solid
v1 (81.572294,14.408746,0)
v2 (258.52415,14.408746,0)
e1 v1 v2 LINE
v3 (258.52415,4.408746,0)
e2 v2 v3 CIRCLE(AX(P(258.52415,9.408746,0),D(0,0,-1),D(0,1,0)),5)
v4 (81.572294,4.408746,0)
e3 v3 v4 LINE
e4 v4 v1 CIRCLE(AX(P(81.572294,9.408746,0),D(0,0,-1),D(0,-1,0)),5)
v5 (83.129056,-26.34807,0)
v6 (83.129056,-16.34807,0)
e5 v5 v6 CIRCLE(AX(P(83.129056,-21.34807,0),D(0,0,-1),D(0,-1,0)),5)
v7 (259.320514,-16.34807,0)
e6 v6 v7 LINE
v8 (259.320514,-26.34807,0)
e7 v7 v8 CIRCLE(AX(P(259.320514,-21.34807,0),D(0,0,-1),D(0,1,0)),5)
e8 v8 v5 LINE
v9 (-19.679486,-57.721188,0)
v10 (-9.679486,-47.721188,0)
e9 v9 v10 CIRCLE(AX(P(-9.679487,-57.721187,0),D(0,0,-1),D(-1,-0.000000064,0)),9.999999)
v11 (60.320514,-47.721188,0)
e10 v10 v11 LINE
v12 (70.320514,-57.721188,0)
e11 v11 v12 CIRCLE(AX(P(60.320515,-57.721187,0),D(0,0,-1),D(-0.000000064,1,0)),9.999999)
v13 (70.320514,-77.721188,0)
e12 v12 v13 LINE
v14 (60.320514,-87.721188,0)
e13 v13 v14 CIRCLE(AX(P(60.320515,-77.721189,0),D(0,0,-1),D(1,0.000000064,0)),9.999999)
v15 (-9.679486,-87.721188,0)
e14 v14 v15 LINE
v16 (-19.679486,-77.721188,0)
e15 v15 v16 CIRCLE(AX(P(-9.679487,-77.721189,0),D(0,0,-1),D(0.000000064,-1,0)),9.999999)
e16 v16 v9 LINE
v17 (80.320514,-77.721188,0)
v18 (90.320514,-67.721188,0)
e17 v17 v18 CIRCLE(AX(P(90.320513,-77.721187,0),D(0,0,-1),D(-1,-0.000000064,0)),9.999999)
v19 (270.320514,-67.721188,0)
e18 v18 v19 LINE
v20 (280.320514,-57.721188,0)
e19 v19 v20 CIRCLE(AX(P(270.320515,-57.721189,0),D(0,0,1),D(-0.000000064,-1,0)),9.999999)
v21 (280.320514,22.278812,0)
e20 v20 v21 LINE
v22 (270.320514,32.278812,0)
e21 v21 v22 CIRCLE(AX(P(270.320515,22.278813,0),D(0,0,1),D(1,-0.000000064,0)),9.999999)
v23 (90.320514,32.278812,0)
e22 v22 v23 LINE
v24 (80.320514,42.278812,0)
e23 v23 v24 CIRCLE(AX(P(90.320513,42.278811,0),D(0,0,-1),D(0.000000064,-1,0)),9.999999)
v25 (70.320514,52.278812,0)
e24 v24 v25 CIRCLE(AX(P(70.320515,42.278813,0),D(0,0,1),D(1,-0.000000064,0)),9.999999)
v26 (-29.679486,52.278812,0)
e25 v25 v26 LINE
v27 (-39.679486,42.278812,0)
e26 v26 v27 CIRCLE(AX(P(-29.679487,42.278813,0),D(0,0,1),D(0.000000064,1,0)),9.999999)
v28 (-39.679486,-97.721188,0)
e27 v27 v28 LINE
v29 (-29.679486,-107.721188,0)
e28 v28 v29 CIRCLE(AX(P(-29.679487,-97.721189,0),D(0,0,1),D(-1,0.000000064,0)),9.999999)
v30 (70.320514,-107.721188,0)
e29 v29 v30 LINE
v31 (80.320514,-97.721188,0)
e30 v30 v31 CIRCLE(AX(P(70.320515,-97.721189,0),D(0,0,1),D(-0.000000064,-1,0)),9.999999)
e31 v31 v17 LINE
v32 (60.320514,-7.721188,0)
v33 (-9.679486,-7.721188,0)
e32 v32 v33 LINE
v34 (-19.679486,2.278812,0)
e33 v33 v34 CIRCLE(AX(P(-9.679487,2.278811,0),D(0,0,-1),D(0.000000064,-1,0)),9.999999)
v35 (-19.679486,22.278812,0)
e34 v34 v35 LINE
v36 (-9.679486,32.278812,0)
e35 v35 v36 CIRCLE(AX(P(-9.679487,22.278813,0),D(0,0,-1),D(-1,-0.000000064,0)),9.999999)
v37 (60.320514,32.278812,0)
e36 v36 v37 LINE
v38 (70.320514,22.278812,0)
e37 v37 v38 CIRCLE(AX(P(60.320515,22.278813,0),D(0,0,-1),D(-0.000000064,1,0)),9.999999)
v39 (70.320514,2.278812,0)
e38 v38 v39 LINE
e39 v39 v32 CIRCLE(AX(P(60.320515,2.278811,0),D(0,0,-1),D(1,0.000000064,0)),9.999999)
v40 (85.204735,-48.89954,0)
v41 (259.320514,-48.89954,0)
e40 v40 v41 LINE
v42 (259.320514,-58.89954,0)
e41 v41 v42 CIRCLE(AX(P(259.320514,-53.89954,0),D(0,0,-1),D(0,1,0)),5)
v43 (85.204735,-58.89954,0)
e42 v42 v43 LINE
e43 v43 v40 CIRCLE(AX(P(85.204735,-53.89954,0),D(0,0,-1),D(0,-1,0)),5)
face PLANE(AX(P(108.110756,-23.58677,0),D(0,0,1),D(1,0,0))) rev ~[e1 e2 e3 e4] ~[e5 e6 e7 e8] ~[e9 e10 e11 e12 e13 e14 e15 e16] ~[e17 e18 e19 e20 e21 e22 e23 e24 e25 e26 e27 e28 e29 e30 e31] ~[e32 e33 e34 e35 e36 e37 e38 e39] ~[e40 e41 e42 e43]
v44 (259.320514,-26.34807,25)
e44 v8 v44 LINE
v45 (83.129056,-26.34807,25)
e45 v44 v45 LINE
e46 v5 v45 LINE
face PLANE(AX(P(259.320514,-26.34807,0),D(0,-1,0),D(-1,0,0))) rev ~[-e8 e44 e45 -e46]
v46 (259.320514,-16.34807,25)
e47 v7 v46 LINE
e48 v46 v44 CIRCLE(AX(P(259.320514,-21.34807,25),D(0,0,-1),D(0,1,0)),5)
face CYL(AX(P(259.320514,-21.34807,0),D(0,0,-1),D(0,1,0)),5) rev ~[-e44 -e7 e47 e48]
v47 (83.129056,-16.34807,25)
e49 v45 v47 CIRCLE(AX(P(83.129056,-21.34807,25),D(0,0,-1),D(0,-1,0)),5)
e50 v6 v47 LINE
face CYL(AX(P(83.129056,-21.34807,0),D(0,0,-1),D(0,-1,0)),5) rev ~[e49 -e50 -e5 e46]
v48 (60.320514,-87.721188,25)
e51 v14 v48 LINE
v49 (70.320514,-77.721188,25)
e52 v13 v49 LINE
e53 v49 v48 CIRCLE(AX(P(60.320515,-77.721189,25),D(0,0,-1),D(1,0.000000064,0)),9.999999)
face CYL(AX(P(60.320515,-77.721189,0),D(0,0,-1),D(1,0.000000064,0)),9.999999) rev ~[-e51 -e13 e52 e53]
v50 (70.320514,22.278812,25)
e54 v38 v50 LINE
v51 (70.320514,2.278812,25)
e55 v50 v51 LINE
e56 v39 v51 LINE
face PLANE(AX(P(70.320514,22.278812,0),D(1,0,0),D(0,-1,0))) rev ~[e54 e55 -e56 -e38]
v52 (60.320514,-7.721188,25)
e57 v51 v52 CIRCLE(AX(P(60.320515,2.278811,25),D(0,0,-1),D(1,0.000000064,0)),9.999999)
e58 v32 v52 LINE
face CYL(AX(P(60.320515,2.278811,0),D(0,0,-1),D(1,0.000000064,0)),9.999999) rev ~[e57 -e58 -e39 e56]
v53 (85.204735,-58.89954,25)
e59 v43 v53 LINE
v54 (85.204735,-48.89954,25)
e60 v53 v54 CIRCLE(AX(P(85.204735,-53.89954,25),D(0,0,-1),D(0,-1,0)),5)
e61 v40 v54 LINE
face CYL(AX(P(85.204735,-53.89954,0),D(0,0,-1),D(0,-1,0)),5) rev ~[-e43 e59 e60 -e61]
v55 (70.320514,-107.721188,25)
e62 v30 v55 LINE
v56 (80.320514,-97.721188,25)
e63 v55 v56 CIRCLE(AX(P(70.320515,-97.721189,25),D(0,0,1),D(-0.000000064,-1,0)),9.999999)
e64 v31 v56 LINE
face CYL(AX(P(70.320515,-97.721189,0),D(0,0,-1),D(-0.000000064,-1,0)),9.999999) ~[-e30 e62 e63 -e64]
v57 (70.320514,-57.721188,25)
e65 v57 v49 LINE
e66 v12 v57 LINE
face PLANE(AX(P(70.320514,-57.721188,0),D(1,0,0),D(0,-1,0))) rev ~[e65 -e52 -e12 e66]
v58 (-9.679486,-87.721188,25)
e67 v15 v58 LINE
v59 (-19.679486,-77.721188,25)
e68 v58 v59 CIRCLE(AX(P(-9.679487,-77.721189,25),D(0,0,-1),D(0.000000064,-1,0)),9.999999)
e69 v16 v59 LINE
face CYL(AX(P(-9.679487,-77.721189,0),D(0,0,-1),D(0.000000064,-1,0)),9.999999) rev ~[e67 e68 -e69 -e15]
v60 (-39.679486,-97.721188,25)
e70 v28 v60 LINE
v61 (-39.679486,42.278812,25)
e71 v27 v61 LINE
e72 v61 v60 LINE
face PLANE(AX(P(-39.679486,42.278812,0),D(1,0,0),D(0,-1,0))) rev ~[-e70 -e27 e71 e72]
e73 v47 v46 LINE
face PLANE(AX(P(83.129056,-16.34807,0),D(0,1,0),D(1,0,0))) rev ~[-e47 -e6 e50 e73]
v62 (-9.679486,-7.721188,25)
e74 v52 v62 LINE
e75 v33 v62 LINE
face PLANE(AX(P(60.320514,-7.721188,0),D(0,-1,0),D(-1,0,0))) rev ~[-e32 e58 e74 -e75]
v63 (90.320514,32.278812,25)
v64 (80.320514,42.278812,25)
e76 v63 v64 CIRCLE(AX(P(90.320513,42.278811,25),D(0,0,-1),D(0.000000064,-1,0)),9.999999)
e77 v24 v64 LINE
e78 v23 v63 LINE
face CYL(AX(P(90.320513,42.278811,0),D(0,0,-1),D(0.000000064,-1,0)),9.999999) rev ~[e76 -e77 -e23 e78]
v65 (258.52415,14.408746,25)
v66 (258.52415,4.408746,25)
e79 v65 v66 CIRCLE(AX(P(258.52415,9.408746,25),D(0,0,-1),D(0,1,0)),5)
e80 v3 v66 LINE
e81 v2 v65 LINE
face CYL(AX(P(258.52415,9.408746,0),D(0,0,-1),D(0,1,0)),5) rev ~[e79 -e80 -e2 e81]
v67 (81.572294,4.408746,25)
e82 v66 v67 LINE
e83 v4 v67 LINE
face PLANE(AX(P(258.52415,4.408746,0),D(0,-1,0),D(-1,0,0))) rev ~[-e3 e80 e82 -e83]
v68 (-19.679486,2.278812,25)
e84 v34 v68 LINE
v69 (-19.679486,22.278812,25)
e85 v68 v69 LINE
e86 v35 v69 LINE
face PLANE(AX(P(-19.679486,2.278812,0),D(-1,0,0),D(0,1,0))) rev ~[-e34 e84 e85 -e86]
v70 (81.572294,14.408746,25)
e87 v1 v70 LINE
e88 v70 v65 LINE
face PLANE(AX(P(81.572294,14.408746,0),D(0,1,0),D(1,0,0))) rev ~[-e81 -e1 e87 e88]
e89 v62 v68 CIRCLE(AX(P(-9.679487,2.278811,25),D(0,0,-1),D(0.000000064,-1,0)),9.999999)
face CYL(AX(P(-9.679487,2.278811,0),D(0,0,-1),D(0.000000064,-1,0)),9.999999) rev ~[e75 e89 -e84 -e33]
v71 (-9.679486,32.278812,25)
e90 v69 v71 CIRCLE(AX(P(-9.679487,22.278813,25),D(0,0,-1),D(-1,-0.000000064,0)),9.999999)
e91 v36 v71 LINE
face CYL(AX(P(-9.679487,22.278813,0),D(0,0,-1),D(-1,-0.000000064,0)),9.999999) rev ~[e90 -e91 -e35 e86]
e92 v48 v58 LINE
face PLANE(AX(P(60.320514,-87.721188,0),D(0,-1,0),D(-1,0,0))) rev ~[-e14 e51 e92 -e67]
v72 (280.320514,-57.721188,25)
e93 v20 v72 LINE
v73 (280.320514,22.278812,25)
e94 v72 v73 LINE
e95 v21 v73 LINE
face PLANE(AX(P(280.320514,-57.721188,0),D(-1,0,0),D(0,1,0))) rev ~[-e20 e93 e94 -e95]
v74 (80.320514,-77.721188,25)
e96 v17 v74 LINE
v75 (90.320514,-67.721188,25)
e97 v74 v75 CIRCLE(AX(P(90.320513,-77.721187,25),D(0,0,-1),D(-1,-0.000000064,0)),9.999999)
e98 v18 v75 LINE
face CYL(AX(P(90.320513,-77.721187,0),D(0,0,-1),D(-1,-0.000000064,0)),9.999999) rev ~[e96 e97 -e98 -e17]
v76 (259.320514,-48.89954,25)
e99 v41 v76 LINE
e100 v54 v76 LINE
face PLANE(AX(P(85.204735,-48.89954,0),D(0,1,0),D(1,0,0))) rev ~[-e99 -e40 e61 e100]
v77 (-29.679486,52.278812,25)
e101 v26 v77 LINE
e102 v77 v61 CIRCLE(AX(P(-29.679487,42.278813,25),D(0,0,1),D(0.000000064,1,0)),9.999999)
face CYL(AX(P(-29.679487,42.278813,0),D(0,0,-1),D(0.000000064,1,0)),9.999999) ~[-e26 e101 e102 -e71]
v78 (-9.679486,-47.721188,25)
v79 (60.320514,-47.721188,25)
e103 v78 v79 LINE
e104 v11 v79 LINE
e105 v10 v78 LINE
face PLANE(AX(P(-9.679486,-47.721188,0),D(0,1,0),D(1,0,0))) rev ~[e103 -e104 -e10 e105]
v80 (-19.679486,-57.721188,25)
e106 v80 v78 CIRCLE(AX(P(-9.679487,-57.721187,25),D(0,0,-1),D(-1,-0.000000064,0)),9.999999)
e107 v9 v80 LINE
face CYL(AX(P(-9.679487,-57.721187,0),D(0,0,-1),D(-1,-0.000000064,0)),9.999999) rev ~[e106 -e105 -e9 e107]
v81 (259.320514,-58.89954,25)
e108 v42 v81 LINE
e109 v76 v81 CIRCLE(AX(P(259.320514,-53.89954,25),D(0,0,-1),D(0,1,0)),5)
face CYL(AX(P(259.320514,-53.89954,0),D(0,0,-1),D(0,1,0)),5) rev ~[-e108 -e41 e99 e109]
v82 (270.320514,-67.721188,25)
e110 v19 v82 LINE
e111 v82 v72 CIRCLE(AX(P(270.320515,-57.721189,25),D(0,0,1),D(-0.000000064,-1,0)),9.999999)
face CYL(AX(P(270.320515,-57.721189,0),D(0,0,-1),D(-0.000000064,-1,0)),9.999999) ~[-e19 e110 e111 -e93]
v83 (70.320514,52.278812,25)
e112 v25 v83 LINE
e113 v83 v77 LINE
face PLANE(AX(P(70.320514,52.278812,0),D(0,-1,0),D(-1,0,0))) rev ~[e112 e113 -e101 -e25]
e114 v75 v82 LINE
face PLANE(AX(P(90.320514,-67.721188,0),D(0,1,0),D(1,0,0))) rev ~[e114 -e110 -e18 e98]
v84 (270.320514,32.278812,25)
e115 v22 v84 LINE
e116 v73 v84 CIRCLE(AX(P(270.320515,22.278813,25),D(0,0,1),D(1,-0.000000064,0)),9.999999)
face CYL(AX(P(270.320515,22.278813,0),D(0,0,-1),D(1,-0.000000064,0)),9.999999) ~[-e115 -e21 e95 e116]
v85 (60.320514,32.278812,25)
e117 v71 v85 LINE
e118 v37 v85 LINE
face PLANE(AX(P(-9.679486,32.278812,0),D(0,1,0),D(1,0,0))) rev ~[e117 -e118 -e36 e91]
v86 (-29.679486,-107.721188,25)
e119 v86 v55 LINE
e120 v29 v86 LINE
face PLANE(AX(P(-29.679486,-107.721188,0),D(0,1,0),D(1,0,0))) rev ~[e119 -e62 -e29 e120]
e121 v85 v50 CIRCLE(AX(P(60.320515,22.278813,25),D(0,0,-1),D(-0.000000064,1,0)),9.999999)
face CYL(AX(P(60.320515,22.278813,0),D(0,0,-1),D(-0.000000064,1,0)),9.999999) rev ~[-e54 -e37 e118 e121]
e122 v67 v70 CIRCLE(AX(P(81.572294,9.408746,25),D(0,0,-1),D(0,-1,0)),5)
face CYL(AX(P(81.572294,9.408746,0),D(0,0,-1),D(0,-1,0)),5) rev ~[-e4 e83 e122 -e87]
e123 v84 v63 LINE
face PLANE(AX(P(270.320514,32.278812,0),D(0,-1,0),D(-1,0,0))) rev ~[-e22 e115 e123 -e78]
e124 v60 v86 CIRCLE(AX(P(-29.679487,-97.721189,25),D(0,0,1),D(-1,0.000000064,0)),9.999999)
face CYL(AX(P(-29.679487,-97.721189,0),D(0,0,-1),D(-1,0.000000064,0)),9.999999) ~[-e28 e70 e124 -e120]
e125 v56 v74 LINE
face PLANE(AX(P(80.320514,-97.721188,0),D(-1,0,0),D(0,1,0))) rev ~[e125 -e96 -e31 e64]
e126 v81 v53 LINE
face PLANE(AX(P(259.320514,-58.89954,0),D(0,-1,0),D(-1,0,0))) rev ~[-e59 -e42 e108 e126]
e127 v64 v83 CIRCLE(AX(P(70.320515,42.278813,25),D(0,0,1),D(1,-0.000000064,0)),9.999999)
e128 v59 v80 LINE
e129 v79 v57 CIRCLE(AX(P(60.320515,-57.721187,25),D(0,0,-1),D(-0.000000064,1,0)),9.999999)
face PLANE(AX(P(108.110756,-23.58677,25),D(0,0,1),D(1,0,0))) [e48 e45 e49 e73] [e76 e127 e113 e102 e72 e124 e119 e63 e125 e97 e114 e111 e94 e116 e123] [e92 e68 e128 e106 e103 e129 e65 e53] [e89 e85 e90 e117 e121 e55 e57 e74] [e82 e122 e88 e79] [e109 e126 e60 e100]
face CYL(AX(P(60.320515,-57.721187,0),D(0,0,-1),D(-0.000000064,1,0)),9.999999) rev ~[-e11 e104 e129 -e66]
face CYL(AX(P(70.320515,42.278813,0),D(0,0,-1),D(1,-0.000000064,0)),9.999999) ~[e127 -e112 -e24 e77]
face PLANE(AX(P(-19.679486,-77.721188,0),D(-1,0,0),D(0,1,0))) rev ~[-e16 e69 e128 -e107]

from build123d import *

# Parameters (mm, degrees)
F1_DEPTH = 25


with BuildPart() as f1:
    # F0 (on Top) → F1 (new body)
    with BuildSketch(Plane.XY):
        with BuildLine():
            ThreePointArc((-29.679486, 52.278812), (-36.750554, 49.34988), (-39.679486, 42.278812))
            Line((-39.679486, 42.278812), (-39.679486, -97.721188))
            ThreePointArc((-39.679486, -97.721188), (-36.750554, -104.792256), (-29.679486, -107.721188))
            Line((-29.679486, -107.721188), (70.320514, -107.721188))
            ThreePointArc((70.320514, -107.721188), (77.391582, -104.792256), (80.320514, -97.721188))
            Line((80.320514, -97.721188), (80.320514, -77.721188))
            ThreePointArc((80.320514, -77.721188), (83.249446, -70.65012), (90.320514, -67.721188))
            Line((90.320514, -67.721188), (270.320514, -67.721188))
            ThreePointArc((270.320514, -67.721188), (277.391582, -64.792256), (280.320514, -57.721188))
            Line((280.320514, -57.721188), (280.320514, 22.278812))
            ThreePointArc((280.320514, 22.278812), (277.391582, 29.34988), (270.320514, 32.278812))
            Line((270.320514, 32.278812), (90.320514, 32.278812))
            ThreePointArc((90.320514, 32.278812), (83.249446, 35.207744), (80.320514, 42.278812))
            ThreePointArc((80.320514, 42.278812), (77.391582, 49.34988), (70.320514, 52.278812))
            Line((70.320514, 52.278812), (-29.679486, 52.278812))
        make_face()
        with BuildLine():
            ThreePointArc((-19.679486, -57.721188), (-16.750554, -50.65012), (-9.679486, -47.721188))
            Line((-9.679486, -47.721188), (60.320514, -47.721188))
            ThreePointArc((60.320514, -47.721188), (67.391582, -50.65012), (70.320514, -57.721188))
            Line((70.320514, -57.721188), (70.320514, -77.721188))
            ThreePointArc((70.320514, -77.721188), (67.391582, -84.792256), (60.320514, -87.721188))
            Line((60.320514, -87.721188), (-9.679486, -87.721188))
            ThreePointArc((-9.679486, -87.721188), (-16.750554, -84.792256), (-19.679486, -77.721188))
            Line((-19.679486, -77.721188), (-19.679486, -57.721188))
        make_face(mode=Mode.SUBTRACT)
        with BuildLine():
            Line((259.320514, -58.89954), (85.204735, -58.89954))
            ThreePointArc((85.204735, -58.89954), (80.204735, -53.89954), (85.204735, -48.89954))
            Line((85.204735, -48.89954), (259.320514, -48.89954))
            ThreePointArc((259.320514, -48.89954), (264.320514, -53.89954), (259.320514, -58.89954))
        make_face(mode=Mode.SUBTRACT)
        with BuildLine():
            ThreePointArc((-19.679486, 22.278812), (-16.750554, 29.34988), (-9.679486, 32.278812))
            Line((-9.679486, 32.278812), (60.320514, 32.278812))
            ThreePointArc((60.320514, 32.278812), (67.391582, 29.34988), (70.320514, 22.278812))
            Line((70.320514, 22.278812), (70.320514, 2.278812))
            ThreePointArc((70.320514, 2.278812), (67.391582, -4.792256), (60.320514, -7.721188))
            Line((60.320514, -7.721188), (-9.679486, -7.721188))
            ThreePointArc((-9.679486, -7.721188), (-16.750554, -4.792256), (-19.679486, 2.278812))
            Line((-19.679486, 2.278812), (-19.679486, 22.278812))
        make_face(mode=Mode.SUBTRACT)
        with BuildLine():
            Line((259.320514, -26.34807), (83.129056, -26.34807))
            ThreePointArc((83.129056, -26.34807), (78.129056, -21.34807), (83.129056, -16.34807))
            Line((83.129056, -16.34807), (259.320514, -16.34807))
            ThreePointArc((259.320514, -16.34807), (264.320514, -21.34807), (259.320514, -26.34807))
        make_face(mode=Mode.SUBTRACT)
        with BuildLine():
            Line((258.52415, 4.408746), (81.572294, 4.408746))
            ThreePointArc((81.572294, 4.408746), (76.572294, 9.408746), (81.572294, 14.408746))
            Line((81.572294, 14.408746), (258.52415, 14.408746))
            ThreePointArc((258.52415, 14.408746), (263.52415, 9.408746), (258.52415, 4.408746))
        make_face(mode=Mode.SUBTRACT)
    extrude(amount=F1_DEPTH)


solid = f1.part
